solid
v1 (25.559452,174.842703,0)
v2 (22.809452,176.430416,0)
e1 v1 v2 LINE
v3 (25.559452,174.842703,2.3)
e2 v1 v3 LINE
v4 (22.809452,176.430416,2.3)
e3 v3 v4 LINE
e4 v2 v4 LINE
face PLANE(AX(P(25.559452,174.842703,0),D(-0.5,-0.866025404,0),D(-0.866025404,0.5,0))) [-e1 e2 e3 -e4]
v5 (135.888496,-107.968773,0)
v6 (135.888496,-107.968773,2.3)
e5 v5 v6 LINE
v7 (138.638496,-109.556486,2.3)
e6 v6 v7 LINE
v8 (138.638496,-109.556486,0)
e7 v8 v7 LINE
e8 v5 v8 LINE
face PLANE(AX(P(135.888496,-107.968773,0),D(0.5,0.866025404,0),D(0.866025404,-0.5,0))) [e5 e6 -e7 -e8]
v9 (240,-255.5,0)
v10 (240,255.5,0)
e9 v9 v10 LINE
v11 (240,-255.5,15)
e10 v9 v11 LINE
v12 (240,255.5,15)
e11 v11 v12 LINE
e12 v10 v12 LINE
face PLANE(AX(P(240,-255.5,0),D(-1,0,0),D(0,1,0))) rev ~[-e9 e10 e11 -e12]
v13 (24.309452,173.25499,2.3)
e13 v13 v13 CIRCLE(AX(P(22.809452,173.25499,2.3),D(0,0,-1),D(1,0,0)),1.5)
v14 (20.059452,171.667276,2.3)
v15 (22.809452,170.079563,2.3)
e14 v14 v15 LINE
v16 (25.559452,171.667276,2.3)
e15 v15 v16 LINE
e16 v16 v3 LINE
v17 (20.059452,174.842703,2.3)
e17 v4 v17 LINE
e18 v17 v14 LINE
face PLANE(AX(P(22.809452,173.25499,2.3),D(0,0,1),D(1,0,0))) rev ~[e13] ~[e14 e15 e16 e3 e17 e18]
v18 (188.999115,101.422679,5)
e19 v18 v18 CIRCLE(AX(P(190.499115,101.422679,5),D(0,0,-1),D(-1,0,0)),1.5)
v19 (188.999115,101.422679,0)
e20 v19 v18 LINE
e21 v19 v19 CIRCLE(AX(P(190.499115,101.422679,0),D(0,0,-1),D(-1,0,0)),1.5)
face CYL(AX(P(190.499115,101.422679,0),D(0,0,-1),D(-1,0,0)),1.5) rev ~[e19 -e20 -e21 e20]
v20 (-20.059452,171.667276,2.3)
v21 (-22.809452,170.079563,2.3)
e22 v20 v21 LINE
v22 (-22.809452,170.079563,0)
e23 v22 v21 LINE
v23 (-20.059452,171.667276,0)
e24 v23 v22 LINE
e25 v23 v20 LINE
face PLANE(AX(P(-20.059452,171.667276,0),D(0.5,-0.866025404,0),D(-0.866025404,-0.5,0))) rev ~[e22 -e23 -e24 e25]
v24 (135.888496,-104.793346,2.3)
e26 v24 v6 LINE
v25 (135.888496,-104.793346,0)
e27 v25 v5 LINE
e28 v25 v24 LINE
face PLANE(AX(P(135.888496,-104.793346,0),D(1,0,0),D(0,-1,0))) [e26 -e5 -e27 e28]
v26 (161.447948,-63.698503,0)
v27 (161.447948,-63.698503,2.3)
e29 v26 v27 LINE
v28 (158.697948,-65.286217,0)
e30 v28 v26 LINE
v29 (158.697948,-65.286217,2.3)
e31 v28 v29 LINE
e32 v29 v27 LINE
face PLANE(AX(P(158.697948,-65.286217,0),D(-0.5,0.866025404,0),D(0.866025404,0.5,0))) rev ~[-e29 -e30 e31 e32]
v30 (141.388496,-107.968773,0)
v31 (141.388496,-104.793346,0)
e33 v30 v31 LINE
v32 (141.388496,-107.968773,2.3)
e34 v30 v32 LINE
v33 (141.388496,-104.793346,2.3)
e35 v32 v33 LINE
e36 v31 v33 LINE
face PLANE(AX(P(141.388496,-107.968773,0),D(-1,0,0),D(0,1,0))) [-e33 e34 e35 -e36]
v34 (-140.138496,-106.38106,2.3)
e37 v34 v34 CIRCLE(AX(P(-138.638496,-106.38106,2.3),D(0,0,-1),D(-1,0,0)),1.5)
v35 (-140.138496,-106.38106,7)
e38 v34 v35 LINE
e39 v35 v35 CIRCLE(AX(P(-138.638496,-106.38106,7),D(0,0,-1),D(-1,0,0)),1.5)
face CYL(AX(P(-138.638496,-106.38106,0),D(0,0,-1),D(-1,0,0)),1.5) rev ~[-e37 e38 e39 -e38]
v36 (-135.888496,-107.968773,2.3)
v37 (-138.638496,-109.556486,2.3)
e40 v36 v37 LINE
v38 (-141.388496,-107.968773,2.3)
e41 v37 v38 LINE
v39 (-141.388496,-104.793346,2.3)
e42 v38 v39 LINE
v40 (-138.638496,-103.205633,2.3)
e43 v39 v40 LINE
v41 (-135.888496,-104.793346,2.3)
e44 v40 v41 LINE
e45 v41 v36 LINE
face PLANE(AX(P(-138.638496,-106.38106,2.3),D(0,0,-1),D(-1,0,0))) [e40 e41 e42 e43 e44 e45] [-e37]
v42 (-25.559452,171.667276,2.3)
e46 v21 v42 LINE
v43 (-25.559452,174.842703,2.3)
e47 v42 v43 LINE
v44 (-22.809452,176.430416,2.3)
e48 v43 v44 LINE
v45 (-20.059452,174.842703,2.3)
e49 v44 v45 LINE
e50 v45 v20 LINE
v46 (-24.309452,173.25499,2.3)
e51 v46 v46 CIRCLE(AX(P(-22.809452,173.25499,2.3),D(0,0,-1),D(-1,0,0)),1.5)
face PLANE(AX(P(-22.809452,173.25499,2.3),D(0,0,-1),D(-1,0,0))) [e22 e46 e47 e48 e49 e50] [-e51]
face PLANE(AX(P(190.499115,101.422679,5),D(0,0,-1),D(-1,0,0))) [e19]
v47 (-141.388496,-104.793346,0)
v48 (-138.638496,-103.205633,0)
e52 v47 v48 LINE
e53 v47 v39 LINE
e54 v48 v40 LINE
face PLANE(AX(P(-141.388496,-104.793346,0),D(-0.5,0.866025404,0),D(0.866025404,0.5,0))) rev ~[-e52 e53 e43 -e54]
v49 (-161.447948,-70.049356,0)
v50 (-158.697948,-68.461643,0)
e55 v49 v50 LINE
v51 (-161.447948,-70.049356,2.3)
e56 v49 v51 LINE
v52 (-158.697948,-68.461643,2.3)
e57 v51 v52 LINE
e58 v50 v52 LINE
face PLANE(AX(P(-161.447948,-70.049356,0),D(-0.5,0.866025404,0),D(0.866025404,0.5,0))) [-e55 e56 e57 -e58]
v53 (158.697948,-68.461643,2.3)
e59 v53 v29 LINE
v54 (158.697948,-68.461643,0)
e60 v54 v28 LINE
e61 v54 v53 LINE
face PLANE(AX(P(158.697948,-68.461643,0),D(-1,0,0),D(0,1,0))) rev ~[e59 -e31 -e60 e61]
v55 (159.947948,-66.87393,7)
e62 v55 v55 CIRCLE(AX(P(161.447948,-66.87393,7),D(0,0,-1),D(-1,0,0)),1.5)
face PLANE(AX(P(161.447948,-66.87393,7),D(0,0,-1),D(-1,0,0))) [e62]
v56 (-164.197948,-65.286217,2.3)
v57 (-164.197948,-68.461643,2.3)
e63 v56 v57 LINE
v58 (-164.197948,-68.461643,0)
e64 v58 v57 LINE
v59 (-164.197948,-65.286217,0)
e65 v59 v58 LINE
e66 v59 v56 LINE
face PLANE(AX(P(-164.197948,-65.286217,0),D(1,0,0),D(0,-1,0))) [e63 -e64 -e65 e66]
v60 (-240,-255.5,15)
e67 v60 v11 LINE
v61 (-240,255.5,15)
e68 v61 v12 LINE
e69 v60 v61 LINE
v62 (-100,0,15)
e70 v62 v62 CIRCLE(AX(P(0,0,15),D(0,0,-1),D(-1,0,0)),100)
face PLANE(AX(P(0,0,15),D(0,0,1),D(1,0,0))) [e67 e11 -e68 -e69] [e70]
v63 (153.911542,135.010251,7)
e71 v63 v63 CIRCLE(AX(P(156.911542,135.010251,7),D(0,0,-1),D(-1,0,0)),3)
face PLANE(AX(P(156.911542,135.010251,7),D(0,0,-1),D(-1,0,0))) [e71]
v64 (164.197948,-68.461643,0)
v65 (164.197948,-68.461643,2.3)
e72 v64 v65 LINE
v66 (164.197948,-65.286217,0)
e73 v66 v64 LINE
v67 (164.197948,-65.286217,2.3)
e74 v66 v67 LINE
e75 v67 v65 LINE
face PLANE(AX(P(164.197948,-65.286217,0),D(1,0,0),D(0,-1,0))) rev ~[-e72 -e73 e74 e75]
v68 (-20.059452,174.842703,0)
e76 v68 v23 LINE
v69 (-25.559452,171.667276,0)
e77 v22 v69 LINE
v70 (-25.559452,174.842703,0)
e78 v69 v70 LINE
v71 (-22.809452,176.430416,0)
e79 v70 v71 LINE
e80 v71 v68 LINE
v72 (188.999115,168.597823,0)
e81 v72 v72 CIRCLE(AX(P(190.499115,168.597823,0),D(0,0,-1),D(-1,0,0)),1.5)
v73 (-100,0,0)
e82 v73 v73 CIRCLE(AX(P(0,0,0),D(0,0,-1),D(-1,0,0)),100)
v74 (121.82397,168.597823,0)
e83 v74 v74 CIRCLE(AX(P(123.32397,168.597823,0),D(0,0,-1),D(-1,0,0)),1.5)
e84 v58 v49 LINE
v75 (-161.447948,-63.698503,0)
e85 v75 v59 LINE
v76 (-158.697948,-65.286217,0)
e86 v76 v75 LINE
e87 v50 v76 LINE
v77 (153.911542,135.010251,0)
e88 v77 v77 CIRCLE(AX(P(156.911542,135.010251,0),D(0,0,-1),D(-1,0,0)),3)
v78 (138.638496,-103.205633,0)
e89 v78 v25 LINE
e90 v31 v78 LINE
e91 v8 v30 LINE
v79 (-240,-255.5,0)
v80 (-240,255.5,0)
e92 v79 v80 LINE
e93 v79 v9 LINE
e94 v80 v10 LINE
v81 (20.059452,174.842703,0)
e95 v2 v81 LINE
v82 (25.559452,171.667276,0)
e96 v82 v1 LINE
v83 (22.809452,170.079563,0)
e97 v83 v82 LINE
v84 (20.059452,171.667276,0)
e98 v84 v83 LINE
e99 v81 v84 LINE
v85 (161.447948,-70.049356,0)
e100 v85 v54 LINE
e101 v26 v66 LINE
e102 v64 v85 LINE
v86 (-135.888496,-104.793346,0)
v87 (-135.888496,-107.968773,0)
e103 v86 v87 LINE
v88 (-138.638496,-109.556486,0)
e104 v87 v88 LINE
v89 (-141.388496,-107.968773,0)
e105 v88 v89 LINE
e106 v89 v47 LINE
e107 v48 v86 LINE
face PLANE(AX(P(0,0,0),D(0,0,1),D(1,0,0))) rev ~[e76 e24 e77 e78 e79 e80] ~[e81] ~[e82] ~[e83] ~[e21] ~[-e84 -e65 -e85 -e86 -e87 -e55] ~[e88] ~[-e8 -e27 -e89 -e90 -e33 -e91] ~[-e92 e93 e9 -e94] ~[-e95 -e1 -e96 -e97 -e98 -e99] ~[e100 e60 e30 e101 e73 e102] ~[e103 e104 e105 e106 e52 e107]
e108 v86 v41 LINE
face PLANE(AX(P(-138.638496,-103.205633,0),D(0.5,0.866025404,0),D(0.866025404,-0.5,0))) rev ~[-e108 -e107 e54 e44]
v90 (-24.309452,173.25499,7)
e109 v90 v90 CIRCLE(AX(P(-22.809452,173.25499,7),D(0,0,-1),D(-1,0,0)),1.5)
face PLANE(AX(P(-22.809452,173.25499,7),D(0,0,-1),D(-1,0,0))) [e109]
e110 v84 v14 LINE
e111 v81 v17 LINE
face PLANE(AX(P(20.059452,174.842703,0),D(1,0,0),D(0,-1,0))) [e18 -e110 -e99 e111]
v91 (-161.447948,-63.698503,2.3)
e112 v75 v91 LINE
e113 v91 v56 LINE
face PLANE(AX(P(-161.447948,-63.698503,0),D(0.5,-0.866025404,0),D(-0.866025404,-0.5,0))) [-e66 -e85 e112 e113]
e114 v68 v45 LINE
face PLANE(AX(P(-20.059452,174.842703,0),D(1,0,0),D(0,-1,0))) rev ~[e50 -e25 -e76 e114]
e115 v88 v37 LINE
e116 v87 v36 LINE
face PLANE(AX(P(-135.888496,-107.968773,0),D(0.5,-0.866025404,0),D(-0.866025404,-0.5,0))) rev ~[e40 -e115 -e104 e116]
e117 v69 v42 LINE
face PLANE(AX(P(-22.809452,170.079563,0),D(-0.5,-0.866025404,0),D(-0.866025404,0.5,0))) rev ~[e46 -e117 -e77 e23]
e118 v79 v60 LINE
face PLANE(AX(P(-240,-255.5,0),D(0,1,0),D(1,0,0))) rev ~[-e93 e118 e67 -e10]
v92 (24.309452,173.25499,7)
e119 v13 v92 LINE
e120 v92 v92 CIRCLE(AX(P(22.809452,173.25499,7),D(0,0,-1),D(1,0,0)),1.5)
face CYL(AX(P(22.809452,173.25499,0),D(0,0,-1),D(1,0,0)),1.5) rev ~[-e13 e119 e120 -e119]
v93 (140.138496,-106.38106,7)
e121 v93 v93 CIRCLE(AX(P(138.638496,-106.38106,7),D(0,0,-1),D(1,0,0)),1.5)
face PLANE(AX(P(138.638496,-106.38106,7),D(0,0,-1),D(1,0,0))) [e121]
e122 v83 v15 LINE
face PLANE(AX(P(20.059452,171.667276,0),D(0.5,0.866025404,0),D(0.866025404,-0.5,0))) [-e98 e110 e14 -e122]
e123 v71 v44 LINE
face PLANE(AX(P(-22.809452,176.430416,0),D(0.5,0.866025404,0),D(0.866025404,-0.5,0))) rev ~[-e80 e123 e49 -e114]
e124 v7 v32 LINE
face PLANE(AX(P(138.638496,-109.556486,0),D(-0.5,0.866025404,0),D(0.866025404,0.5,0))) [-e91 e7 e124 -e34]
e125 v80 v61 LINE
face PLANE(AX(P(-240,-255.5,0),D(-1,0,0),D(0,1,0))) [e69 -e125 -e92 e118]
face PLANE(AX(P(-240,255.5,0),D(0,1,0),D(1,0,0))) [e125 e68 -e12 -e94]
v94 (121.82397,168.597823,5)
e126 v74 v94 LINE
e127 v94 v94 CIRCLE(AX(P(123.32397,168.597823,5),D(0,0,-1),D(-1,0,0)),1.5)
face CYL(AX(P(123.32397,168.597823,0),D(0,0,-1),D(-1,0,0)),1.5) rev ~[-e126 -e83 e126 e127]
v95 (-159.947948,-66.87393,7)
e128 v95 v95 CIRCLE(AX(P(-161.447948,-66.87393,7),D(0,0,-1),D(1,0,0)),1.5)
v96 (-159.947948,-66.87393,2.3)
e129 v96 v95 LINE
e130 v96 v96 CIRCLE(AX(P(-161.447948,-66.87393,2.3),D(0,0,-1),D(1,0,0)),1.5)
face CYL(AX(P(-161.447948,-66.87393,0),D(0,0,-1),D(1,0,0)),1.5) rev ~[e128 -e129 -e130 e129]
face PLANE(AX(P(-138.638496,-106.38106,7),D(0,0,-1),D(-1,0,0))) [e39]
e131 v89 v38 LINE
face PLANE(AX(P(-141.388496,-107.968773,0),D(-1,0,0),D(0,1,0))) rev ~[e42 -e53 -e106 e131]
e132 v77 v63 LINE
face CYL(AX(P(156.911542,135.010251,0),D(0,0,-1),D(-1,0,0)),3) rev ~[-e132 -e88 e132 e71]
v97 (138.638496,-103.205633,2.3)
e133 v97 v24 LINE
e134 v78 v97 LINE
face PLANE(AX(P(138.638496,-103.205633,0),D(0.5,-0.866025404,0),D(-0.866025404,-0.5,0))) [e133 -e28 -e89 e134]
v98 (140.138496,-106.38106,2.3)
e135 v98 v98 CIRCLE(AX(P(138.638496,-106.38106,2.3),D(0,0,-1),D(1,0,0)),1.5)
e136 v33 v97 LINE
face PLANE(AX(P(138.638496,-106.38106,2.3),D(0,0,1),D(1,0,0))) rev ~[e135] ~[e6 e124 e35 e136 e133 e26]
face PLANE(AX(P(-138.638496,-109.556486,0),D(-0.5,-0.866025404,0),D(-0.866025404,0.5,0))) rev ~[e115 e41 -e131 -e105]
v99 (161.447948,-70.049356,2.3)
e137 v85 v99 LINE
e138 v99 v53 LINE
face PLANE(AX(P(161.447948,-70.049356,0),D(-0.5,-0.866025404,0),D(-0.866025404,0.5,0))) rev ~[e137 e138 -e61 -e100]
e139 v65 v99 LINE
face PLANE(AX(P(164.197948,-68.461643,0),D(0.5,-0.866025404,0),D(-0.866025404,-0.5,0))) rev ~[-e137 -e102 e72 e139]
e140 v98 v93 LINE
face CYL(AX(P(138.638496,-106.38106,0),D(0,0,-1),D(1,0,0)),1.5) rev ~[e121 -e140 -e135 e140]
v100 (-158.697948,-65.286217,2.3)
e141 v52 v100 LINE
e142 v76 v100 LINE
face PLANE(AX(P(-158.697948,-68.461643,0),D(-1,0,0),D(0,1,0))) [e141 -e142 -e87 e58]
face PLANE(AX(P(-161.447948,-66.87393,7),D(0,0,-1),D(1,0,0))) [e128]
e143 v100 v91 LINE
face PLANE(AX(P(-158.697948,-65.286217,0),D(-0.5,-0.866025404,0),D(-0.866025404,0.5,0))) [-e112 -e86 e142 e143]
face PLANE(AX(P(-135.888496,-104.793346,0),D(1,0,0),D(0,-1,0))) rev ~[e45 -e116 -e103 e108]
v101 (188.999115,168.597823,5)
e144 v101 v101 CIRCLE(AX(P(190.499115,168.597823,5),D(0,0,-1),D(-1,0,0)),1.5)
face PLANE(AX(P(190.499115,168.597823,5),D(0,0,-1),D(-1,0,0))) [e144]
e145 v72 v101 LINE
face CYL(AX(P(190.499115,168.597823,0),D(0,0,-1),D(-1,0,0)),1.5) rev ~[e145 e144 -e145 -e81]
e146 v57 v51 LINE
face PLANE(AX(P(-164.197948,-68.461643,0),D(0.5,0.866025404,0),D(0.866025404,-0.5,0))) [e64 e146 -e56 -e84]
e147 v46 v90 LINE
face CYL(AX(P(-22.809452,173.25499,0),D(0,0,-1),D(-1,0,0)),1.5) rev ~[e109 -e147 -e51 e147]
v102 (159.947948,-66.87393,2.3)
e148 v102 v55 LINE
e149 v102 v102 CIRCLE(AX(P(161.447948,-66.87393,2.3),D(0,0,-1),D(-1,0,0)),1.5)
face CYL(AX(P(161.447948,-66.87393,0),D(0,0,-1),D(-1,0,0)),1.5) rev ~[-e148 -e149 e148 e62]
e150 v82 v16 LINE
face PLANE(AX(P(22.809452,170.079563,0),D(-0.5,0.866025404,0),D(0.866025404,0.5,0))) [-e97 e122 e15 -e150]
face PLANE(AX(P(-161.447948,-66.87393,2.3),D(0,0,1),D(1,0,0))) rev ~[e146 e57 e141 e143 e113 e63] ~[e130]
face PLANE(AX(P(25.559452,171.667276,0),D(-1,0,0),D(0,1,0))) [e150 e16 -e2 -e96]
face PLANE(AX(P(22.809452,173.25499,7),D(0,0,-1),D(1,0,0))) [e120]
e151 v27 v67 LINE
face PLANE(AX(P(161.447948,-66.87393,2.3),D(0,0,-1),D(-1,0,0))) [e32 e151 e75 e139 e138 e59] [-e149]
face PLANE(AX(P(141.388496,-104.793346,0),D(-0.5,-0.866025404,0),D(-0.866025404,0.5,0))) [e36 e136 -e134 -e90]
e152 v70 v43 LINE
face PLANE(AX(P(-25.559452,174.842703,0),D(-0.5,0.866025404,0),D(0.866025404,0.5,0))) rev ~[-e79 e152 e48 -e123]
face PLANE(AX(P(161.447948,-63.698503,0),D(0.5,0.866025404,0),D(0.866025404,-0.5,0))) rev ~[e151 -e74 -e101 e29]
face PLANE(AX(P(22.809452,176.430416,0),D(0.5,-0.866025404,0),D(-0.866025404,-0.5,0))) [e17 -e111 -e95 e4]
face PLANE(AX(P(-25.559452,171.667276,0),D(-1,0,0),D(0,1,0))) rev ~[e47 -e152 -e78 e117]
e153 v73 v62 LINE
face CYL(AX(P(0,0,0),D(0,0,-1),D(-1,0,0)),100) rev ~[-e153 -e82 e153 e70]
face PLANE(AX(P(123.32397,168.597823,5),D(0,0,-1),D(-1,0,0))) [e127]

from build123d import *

# Parameters (mm, degrees)
SKETCH1_W           = 480
SKETCH1_H           = 511
BOSS_EXTRUDE1_DEPTH = 15
SKETCH3_R           = 100
CUT_EXTRUDE2_DEPTH  = 15
SKETCH4_R           = 1.5
CUT_EXTRUDE3_DEPTH  = 7
CUT_EXTRUDE4_DEPTH  = 2.3
SKETCH6_R           = 3
CUT_EXTRUDE5_DEPTH  = 7
SKETCH7_R           = 1.5
CUT_EXTRUDE6_DEPTH  = 5


with BuildPart() as part:
    # Sketch1 → Boss-Extrude1 (new body)
    with BuildSketch(Plane.XY):
        Rectangle(SKETCH1_W, SKETCH1_H)
    extrude(amount=BOSS_EXTRUDE1_DEPTH)

    # Sketch3 → Cut-Extrude2 (cut)
    with BuildSketch(Plane(origin=(0, 0, 0), x_dir=(-1, 0, 0), z_dir=(0, 0, -1))):
        Circle(SKETCH3_R)
    extrude(amount=-CUT_EXTRUDE2_DEPTH, mode=Mode.SUBTRACT)

    # Sketch4 → Cut-Extrude3 (cut)
    with BuildSketch(Plane(origin=(0, 0, 0), x_dir=(-1, 0, 0), z_dir=(0, 0, -1))):
        with Locations((22.80945209, 173.254989525)):
            Circle(SKETCH4_R)
        with Locations(Location((-22.80945209, 173.254989525, 0), (0, 0, 180))):
            Circle(SKETCH4_R)
        with Locations((-161.447948306, -66.873929806)):
            Circle(SKETCH4_R)
        with Locations(Location((-138.638496216, -106.381059719, 0), (0, 0, 180))):
            Circle(SKETCH4_R)
        with Locations((138.638496216, -106.381059719)):
            Circle(SKETCH4_R)
        with Locations(Location((161.447948306, -66.873929806, 0), (0, 0, 180))):
            Circle(SKETCH4_R)
    extrude(amount=-CUT_EXTRUDE3_DEPTH, mode=Mode.SUBTRACT)

    # Sketch5 → Cut-Extrude4 (cut)
    with BuildSketch(Plane(origin=(0, 0, 0), x_dir=(-1, 0, 0), z_dir=(0, 0, -1))):
        Polygon((22.80945209, 176.430416006), (20.05945209, 174.842702765), (20.05945209, 171.667276285), (22.80945209, 170.079563045), (25.55945209, 171.667276285), (25.55945209, 174.842702765), align=None)
        Polygon((-20.05945209, 174.842702765), (-20.05945209, 171.667276285), (-22.80945209, 170.079563045), (-25.55945209, 171.667276285), (-25.55945209, 174.842702765), (-22.80945209, 176.430416006), align=None)
        Polygon((-164.197948306, -68.461643046), (-161.447948306, -70.049356286), (-158.697948306, -68.461643046), (-158.697948306, -65.286216566), (-161.447948306, -63.698503325), (-164.197948306, -65.286216566), align=None)
        Polygon((-138.638496216, -109.5564862), (-141.388496216, -107.96877296), (-141.388496216, -104.793346479), (-138.638496216, -103.205633239), (-135.888496216, -104.793346479), (-135.888496216, -107.96877296), align=None)
        Polygon((141.388496216, -107.96877296), (141.388496216, -104.793346479), (138.638496216, -103.205633239), (135.888496216, -104.793346479), (135.888496216, -107.96877296), (138.638496216, -109.5564862), align=None)
        Polygon((164.197948306, -65.286216566), (164.197948306, -68.461643046), (161.447948306, -70.049356286), (158.697948306, -68.461643046), (158.697948306, -65.286216566), (161.447948306, -63.698503325), align=None)
    extrude(amount=-CUT_EXTRUDE4_DEPTH, mode=Mode.SUBTRACT)

    # Sketch6 → Cut-Extrude5 (cut)
    with BuildSketch(Plane(origin=(0, 0, 0), x_dir=(-1, 0, 0), z_dir=(0, 0, -1))):
        with Locations((-156.911542489, 135.010250847)):
            Circle(SKETCH6_R)
    extrude(amount=-CUT_EXTRUDE5_DEPTH, mode=Mode.SUBTRACT)

    # Sketch7 → Cut-Extrude6 (cut)
    with BuildSketch(Plane(origin=(0, 0, 0), x_dir=(-1, 0, 0), z_dir=(0, 0, -1))):
        with Locations((-123.323970382, 168.597822953)):
            Circle(SKETCH7_R)
        with Locations((-190.499114595, 168.597822953)):
            Circle(SKETCH7_R)
        with Locations((-190.499114595, 101.422678741)):
            Circle(SKETCH7_R)
    extrude(amount=-CUT_EXTRUDE6_DEPTH, mode=Mode.SUBTRACT)


solid = part.part
